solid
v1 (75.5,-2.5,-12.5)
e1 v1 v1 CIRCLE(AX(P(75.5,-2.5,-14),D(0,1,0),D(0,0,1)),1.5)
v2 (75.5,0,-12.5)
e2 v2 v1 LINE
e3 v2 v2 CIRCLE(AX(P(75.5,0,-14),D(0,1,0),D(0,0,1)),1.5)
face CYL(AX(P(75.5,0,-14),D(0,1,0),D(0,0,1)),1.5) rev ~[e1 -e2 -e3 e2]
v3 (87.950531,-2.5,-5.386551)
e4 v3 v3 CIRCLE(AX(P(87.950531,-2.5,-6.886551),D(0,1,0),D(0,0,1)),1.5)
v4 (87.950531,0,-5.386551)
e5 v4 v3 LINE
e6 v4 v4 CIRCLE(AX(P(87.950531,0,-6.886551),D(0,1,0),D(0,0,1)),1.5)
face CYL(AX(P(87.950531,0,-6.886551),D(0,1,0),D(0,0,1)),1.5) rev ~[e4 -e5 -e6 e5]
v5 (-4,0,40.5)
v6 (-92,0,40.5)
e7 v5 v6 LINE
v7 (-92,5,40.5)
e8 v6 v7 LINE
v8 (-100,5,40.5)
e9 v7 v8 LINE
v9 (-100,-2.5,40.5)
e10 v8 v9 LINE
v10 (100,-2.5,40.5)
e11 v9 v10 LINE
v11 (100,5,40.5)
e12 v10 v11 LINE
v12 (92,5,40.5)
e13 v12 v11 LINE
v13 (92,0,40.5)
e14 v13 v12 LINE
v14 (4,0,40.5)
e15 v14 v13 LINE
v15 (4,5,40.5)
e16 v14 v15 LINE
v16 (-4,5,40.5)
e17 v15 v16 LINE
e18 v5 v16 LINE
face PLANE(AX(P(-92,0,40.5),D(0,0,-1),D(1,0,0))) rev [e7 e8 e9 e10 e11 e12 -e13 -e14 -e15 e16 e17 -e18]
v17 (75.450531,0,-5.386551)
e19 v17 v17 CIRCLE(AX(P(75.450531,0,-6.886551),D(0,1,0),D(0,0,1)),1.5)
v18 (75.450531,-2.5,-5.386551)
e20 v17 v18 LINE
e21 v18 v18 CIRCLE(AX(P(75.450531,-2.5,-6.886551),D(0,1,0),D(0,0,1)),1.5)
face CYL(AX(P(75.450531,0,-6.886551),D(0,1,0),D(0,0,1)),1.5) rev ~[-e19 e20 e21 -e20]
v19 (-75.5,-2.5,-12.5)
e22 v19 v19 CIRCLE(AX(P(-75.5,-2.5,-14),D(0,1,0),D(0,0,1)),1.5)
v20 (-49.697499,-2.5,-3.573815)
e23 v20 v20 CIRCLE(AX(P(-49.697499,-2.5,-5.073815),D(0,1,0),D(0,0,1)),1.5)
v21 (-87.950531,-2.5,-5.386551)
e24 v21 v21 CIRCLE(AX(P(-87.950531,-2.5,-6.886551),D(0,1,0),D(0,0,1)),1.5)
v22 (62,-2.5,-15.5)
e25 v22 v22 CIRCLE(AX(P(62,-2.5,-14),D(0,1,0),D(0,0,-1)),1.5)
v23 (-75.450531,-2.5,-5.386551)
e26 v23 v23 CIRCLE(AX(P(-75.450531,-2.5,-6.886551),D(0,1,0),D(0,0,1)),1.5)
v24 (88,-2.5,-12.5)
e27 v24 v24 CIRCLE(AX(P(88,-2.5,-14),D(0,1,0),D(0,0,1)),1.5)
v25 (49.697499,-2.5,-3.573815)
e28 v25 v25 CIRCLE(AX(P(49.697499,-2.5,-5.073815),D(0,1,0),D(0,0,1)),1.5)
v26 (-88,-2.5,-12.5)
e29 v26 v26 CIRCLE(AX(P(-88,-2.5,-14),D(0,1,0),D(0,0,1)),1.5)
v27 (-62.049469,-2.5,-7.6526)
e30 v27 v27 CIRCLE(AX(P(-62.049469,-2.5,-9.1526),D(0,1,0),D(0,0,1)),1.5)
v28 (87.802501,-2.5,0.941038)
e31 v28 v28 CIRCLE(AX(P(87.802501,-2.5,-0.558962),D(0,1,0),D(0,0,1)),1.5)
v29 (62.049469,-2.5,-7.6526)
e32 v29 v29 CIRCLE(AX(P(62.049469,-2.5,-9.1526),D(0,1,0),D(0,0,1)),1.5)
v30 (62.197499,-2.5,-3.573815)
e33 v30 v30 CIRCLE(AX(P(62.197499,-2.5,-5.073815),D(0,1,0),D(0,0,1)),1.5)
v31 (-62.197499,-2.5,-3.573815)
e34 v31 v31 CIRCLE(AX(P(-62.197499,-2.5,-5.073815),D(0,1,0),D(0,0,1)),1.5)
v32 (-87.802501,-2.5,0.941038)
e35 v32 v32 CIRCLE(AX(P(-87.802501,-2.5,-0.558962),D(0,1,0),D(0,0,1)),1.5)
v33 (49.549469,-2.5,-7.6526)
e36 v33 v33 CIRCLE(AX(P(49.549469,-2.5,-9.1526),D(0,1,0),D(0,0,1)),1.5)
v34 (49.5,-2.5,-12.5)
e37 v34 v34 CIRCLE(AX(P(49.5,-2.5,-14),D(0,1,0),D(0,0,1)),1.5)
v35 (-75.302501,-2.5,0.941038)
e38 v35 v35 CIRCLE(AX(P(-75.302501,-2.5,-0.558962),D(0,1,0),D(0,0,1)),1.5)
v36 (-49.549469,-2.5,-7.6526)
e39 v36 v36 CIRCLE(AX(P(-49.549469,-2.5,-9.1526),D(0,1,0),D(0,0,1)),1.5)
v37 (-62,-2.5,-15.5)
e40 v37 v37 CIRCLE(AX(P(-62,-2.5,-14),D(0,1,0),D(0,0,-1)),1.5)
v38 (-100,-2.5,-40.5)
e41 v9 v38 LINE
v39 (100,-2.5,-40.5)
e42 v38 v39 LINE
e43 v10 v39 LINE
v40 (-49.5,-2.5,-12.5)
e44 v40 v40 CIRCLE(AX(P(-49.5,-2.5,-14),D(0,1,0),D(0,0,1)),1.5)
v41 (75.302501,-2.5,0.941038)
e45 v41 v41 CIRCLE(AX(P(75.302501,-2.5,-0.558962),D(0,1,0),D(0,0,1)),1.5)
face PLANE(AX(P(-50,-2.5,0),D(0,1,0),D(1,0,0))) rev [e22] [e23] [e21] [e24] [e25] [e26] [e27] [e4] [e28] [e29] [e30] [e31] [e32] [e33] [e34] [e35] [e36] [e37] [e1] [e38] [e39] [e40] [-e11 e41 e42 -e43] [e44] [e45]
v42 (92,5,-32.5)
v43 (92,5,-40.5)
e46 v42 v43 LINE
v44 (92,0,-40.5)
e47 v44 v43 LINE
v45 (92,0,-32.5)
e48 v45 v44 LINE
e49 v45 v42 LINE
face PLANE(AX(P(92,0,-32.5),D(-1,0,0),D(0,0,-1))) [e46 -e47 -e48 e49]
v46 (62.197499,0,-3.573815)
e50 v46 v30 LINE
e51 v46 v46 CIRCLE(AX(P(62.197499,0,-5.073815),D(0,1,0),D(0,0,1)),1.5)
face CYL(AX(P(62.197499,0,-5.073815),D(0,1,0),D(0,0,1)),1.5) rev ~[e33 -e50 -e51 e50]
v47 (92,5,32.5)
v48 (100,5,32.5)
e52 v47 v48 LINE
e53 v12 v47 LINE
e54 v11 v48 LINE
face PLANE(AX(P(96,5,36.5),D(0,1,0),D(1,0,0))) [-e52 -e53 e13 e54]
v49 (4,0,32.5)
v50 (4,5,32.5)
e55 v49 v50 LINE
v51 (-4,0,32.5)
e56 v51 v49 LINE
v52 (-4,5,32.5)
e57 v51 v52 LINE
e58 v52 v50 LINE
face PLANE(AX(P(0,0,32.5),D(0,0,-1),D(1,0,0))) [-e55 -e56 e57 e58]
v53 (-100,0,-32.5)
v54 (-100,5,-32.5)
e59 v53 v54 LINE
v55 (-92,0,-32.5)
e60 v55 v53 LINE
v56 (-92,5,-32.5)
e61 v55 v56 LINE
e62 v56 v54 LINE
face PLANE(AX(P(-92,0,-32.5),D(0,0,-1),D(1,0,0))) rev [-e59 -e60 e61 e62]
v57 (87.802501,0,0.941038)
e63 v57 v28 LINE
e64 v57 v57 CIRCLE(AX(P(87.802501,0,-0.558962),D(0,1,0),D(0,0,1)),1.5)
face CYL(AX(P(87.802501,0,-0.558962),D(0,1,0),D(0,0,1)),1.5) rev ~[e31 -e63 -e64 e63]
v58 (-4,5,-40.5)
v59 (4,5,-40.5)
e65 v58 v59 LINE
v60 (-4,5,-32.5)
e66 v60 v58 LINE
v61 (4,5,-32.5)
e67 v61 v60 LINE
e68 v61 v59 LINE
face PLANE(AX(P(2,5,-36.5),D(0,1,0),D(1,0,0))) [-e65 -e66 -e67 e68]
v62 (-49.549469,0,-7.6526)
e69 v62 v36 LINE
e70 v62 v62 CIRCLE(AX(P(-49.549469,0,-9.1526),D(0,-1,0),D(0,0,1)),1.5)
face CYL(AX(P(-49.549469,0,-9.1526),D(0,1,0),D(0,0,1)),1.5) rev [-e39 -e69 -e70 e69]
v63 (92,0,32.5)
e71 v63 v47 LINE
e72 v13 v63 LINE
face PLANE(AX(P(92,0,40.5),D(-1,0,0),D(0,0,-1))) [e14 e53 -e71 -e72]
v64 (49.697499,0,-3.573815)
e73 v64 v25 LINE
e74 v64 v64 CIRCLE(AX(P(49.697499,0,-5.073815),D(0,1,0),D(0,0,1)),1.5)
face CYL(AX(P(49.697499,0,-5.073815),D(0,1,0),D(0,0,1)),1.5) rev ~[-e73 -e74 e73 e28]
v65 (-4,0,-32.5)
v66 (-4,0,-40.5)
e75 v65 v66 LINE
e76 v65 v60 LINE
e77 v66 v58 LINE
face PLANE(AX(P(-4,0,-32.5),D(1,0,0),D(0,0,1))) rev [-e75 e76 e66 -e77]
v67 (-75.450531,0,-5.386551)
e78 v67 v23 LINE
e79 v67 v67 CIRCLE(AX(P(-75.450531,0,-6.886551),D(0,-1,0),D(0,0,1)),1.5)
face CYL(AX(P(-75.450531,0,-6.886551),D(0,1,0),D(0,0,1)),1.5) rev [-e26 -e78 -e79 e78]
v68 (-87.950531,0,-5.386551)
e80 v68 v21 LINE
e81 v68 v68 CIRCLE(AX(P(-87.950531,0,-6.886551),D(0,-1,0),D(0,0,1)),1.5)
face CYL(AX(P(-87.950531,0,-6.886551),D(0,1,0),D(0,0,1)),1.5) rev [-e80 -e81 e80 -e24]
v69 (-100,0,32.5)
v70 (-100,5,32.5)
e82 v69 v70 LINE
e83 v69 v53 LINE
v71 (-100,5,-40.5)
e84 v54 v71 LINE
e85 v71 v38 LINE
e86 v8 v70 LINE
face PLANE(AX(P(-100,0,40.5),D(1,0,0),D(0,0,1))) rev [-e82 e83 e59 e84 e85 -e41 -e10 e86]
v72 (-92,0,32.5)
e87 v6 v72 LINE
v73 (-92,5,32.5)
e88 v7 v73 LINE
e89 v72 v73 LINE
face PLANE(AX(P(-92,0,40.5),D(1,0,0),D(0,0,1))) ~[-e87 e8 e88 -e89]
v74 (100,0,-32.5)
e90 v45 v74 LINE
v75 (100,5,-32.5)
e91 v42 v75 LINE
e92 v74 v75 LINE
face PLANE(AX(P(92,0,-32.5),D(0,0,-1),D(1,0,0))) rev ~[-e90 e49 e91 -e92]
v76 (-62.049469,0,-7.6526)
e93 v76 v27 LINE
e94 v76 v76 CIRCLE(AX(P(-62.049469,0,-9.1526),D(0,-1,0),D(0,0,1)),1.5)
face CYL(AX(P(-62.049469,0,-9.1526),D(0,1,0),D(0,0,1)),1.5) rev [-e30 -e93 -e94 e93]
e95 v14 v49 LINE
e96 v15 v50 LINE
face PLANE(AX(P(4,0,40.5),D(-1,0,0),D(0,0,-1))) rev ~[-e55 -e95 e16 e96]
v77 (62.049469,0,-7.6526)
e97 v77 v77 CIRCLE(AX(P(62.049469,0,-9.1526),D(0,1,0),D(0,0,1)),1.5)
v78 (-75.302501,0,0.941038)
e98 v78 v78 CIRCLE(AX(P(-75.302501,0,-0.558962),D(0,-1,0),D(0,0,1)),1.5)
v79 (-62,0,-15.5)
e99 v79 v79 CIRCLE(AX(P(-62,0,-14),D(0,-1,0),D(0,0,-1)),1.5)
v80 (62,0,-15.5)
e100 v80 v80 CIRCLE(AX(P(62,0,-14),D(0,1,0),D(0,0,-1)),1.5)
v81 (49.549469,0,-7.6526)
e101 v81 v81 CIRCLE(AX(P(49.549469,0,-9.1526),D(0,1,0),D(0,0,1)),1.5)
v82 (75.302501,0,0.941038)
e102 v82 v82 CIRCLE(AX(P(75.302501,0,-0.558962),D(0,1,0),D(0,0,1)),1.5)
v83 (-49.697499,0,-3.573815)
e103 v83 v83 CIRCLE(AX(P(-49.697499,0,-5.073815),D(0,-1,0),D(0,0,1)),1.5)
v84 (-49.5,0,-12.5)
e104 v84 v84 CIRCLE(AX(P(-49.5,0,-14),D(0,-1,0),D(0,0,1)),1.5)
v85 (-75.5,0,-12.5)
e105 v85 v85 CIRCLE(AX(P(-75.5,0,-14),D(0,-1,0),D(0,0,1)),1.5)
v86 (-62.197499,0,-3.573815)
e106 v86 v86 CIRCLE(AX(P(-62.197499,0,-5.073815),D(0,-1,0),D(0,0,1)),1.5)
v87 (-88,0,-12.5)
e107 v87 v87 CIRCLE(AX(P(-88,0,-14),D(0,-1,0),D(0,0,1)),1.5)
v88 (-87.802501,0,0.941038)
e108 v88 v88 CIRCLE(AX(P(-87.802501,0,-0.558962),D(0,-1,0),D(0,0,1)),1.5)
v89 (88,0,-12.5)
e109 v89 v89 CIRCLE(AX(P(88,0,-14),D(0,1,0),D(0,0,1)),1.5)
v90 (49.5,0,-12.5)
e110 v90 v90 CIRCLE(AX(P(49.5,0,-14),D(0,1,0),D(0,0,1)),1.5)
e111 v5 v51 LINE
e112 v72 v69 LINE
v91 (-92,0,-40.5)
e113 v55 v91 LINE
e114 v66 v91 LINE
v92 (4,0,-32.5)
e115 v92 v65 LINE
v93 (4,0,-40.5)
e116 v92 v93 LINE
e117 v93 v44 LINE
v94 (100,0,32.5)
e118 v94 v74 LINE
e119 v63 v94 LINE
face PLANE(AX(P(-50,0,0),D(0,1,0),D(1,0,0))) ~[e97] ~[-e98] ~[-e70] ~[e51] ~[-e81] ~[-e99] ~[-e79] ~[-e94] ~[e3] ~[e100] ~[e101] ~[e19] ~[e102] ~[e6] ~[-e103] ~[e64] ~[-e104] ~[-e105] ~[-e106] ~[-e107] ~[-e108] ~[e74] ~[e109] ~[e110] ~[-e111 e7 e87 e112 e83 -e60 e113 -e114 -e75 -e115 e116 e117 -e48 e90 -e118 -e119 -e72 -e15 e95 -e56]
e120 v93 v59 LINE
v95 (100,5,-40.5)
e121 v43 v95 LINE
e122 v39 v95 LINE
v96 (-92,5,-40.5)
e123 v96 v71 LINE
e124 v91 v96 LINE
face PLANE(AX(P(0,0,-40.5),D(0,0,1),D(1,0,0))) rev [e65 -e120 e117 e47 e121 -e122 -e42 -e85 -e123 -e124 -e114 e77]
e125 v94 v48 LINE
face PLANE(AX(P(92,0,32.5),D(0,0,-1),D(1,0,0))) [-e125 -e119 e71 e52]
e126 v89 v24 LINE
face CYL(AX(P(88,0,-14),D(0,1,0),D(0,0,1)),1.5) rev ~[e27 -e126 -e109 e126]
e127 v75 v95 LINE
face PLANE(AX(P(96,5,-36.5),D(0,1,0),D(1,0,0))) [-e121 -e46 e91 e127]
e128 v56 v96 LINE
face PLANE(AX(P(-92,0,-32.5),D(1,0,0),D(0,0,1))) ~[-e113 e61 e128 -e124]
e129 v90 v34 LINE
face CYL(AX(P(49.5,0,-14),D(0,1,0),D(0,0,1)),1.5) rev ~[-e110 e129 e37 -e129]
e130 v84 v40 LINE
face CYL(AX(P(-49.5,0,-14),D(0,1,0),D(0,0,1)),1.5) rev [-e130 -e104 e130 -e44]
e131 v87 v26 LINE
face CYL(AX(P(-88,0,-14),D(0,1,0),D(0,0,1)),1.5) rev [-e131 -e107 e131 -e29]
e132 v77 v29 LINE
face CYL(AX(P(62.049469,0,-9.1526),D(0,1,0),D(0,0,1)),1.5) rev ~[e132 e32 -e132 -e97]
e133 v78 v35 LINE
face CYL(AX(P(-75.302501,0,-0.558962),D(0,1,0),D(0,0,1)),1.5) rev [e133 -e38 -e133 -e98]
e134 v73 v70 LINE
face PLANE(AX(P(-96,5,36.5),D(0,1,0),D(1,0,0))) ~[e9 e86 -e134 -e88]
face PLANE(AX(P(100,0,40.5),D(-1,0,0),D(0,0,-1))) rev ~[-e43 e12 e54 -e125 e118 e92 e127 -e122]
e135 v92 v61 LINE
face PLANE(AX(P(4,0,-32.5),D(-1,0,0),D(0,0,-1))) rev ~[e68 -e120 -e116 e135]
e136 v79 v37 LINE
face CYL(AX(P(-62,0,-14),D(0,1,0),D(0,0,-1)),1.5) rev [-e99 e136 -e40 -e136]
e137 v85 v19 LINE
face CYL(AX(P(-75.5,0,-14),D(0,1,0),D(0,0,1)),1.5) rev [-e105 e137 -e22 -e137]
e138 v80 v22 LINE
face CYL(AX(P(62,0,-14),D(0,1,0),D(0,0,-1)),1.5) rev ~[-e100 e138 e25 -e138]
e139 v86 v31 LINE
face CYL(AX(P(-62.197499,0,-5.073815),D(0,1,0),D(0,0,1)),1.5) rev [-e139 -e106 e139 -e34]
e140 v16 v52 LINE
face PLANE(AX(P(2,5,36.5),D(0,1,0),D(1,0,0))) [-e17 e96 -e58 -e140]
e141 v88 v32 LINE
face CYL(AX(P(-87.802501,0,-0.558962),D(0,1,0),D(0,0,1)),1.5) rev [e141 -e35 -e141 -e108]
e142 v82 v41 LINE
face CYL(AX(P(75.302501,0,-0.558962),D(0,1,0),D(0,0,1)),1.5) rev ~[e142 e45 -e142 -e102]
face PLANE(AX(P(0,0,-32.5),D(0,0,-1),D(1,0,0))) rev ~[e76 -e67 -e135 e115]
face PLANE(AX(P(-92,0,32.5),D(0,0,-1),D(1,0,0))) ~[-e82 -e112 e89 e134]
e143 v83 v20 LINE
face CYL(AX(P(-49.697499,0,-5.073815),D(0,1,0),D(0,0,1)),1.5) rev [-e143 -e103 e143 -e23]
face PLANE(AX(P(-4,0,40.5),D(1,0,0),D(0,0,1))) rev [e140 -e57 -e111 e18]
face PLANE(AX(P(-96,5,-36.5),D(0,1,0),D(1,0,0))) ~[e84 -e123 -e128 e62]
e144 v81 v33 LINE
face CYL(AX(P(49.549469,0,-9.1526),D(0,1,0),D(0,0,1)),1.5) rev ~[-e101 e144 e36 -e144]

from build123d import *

# Parameters (mm, degrees)
SKETCH1_W           = 100
SKETCH1_H           = 81
BOSS_EXTRUDE1_DEPTH = 2.5
SKETCH3_R           = 1.5
CUT_EXTRUDE1_DEPTH  = 108.91895107
SKETCH4_W           = 8
SKETCH4_H           = 8
SKETCH4_W_2         = 4
BOSS_EXTRUDE2_DEPTH = 5


with BuildPart() as part:
    # Sketch1 → Boss-Extrude1 (new body)
    with BuildSketch(Plane(origin=(0, 0, 0), x_dir=(1, 0, 0), z_dir=(0, 1, 0))):
        with Locations((50, 0)):
            Rectangle(SKETCH1_W, SKETCH1_H)
    boss_extrude1 = extrude(amount=-BOSS_EXTRUDE1_DEPTH)

    # Sketch3 → Cut-Extrude1 (cut, through all)
    with BuildSketch(Plane(origin=(0, 0, 0), x_dir=(1, 0, 0), z_dir=(0, 1, 0))):
        with Locations(Location((88, 14, 0), (0, 0, 270))):
            Circle(SKETCH3_R)
        with Locations(Location((62, 14, 0), (0, 0, 90))):
            Circle(SKETCH3_R)
        with Locations(Location((62.049468925, 9.152599975, 0), (0, 0, 270))):
            Circle(SKETCH3_R)
        with Locations(Location((87.950531075, 6.886550664, 0), (0, 0, 270))):
            Circle(SKETCH3_R)
        with Locations(Location((62.197499211, 5.073814511, 0), (0, 0, 270))):
            Circle(SKETCH3_R)
        with Locations(Location((87.802500789, 0.558961892, 0), (0, 0, 270))):
            Circle(SKETCH3_R)
        with Locations(Location((49.5, 14, 0), (0, 0, 270))):
            Circle(SKETCH3_R)
        with Locations(Location((75.5, 14, 0), (0, 0, 270))):
            Circle(SKETCH3_R)
        with Locations(Location((49.549468925, 9.152599975, 0), (0, 0, 270))):
            Circle(SKETCH3_R)
        with Locations(Location((75.450531075, 6.886550664, 0), (0, 0, 270))):
            Circle(SKETCH3_R)
        with Locations(Location((49.697499211, 5.073814511, 0), (0, 0, 270))):
            Circle(SKETCH3_R)
        with Locations(Location((75.302500789, 0.558961892, 0), (0, 0, 270))):
            Circle(SKETCH3_R)
    cut_extrude1 = extrude(amount=-CUT_EXTRUDE1_DEPTH, mode=Mode.SUBTRACT)

    # Sketch4 → Boss-Extrude2 (add)
    with BuildSketch(Plane(origin=(0, 0, 0), x_dir=(1, 0, 0), z_dir=(0, 1, 0))):
        with Locations((96, -36.5)):
            Rectangle(SKETCH4_W, SKETCH4_H)
        with Locations((96, 36.5)):
            Rectangle(SKETCH4_W, SKETCH4_H)
        with Locations((2, -36.5)):
            Rectangle(SKETCH4_W_2, SKETCH4_H)
        with Locations((2, 36.5)):
            Rectangle(SKETCH4_W_2, SKETCH4_H)
    boss_extrude2 = extrude(amount=BOSS_EXTRUDE2_DEPTH)

    # Mirror1: Boss-Extrude1, Cut-Extrude1, Boss-Extrude2 across plane
    add(boss_extrude1.mirror(Plane(origin=(0, 0, 0), x_dir=(0, 0, 1), z_dir=(1, 0, 0))))
    add(cut_extrude1.mirror(Plane(origin=(0, 0, 0), x_dir=(0, 0, 1), z_dir=(1, 0, 0))), mode=Mode.SUBTRACT)
    add(boss_extrude2.mirror(Plane(origin=(0, 0, 0), x_dir=(0, 0, 1), z_dir=(1, 0, 0))))


solid = part.part
